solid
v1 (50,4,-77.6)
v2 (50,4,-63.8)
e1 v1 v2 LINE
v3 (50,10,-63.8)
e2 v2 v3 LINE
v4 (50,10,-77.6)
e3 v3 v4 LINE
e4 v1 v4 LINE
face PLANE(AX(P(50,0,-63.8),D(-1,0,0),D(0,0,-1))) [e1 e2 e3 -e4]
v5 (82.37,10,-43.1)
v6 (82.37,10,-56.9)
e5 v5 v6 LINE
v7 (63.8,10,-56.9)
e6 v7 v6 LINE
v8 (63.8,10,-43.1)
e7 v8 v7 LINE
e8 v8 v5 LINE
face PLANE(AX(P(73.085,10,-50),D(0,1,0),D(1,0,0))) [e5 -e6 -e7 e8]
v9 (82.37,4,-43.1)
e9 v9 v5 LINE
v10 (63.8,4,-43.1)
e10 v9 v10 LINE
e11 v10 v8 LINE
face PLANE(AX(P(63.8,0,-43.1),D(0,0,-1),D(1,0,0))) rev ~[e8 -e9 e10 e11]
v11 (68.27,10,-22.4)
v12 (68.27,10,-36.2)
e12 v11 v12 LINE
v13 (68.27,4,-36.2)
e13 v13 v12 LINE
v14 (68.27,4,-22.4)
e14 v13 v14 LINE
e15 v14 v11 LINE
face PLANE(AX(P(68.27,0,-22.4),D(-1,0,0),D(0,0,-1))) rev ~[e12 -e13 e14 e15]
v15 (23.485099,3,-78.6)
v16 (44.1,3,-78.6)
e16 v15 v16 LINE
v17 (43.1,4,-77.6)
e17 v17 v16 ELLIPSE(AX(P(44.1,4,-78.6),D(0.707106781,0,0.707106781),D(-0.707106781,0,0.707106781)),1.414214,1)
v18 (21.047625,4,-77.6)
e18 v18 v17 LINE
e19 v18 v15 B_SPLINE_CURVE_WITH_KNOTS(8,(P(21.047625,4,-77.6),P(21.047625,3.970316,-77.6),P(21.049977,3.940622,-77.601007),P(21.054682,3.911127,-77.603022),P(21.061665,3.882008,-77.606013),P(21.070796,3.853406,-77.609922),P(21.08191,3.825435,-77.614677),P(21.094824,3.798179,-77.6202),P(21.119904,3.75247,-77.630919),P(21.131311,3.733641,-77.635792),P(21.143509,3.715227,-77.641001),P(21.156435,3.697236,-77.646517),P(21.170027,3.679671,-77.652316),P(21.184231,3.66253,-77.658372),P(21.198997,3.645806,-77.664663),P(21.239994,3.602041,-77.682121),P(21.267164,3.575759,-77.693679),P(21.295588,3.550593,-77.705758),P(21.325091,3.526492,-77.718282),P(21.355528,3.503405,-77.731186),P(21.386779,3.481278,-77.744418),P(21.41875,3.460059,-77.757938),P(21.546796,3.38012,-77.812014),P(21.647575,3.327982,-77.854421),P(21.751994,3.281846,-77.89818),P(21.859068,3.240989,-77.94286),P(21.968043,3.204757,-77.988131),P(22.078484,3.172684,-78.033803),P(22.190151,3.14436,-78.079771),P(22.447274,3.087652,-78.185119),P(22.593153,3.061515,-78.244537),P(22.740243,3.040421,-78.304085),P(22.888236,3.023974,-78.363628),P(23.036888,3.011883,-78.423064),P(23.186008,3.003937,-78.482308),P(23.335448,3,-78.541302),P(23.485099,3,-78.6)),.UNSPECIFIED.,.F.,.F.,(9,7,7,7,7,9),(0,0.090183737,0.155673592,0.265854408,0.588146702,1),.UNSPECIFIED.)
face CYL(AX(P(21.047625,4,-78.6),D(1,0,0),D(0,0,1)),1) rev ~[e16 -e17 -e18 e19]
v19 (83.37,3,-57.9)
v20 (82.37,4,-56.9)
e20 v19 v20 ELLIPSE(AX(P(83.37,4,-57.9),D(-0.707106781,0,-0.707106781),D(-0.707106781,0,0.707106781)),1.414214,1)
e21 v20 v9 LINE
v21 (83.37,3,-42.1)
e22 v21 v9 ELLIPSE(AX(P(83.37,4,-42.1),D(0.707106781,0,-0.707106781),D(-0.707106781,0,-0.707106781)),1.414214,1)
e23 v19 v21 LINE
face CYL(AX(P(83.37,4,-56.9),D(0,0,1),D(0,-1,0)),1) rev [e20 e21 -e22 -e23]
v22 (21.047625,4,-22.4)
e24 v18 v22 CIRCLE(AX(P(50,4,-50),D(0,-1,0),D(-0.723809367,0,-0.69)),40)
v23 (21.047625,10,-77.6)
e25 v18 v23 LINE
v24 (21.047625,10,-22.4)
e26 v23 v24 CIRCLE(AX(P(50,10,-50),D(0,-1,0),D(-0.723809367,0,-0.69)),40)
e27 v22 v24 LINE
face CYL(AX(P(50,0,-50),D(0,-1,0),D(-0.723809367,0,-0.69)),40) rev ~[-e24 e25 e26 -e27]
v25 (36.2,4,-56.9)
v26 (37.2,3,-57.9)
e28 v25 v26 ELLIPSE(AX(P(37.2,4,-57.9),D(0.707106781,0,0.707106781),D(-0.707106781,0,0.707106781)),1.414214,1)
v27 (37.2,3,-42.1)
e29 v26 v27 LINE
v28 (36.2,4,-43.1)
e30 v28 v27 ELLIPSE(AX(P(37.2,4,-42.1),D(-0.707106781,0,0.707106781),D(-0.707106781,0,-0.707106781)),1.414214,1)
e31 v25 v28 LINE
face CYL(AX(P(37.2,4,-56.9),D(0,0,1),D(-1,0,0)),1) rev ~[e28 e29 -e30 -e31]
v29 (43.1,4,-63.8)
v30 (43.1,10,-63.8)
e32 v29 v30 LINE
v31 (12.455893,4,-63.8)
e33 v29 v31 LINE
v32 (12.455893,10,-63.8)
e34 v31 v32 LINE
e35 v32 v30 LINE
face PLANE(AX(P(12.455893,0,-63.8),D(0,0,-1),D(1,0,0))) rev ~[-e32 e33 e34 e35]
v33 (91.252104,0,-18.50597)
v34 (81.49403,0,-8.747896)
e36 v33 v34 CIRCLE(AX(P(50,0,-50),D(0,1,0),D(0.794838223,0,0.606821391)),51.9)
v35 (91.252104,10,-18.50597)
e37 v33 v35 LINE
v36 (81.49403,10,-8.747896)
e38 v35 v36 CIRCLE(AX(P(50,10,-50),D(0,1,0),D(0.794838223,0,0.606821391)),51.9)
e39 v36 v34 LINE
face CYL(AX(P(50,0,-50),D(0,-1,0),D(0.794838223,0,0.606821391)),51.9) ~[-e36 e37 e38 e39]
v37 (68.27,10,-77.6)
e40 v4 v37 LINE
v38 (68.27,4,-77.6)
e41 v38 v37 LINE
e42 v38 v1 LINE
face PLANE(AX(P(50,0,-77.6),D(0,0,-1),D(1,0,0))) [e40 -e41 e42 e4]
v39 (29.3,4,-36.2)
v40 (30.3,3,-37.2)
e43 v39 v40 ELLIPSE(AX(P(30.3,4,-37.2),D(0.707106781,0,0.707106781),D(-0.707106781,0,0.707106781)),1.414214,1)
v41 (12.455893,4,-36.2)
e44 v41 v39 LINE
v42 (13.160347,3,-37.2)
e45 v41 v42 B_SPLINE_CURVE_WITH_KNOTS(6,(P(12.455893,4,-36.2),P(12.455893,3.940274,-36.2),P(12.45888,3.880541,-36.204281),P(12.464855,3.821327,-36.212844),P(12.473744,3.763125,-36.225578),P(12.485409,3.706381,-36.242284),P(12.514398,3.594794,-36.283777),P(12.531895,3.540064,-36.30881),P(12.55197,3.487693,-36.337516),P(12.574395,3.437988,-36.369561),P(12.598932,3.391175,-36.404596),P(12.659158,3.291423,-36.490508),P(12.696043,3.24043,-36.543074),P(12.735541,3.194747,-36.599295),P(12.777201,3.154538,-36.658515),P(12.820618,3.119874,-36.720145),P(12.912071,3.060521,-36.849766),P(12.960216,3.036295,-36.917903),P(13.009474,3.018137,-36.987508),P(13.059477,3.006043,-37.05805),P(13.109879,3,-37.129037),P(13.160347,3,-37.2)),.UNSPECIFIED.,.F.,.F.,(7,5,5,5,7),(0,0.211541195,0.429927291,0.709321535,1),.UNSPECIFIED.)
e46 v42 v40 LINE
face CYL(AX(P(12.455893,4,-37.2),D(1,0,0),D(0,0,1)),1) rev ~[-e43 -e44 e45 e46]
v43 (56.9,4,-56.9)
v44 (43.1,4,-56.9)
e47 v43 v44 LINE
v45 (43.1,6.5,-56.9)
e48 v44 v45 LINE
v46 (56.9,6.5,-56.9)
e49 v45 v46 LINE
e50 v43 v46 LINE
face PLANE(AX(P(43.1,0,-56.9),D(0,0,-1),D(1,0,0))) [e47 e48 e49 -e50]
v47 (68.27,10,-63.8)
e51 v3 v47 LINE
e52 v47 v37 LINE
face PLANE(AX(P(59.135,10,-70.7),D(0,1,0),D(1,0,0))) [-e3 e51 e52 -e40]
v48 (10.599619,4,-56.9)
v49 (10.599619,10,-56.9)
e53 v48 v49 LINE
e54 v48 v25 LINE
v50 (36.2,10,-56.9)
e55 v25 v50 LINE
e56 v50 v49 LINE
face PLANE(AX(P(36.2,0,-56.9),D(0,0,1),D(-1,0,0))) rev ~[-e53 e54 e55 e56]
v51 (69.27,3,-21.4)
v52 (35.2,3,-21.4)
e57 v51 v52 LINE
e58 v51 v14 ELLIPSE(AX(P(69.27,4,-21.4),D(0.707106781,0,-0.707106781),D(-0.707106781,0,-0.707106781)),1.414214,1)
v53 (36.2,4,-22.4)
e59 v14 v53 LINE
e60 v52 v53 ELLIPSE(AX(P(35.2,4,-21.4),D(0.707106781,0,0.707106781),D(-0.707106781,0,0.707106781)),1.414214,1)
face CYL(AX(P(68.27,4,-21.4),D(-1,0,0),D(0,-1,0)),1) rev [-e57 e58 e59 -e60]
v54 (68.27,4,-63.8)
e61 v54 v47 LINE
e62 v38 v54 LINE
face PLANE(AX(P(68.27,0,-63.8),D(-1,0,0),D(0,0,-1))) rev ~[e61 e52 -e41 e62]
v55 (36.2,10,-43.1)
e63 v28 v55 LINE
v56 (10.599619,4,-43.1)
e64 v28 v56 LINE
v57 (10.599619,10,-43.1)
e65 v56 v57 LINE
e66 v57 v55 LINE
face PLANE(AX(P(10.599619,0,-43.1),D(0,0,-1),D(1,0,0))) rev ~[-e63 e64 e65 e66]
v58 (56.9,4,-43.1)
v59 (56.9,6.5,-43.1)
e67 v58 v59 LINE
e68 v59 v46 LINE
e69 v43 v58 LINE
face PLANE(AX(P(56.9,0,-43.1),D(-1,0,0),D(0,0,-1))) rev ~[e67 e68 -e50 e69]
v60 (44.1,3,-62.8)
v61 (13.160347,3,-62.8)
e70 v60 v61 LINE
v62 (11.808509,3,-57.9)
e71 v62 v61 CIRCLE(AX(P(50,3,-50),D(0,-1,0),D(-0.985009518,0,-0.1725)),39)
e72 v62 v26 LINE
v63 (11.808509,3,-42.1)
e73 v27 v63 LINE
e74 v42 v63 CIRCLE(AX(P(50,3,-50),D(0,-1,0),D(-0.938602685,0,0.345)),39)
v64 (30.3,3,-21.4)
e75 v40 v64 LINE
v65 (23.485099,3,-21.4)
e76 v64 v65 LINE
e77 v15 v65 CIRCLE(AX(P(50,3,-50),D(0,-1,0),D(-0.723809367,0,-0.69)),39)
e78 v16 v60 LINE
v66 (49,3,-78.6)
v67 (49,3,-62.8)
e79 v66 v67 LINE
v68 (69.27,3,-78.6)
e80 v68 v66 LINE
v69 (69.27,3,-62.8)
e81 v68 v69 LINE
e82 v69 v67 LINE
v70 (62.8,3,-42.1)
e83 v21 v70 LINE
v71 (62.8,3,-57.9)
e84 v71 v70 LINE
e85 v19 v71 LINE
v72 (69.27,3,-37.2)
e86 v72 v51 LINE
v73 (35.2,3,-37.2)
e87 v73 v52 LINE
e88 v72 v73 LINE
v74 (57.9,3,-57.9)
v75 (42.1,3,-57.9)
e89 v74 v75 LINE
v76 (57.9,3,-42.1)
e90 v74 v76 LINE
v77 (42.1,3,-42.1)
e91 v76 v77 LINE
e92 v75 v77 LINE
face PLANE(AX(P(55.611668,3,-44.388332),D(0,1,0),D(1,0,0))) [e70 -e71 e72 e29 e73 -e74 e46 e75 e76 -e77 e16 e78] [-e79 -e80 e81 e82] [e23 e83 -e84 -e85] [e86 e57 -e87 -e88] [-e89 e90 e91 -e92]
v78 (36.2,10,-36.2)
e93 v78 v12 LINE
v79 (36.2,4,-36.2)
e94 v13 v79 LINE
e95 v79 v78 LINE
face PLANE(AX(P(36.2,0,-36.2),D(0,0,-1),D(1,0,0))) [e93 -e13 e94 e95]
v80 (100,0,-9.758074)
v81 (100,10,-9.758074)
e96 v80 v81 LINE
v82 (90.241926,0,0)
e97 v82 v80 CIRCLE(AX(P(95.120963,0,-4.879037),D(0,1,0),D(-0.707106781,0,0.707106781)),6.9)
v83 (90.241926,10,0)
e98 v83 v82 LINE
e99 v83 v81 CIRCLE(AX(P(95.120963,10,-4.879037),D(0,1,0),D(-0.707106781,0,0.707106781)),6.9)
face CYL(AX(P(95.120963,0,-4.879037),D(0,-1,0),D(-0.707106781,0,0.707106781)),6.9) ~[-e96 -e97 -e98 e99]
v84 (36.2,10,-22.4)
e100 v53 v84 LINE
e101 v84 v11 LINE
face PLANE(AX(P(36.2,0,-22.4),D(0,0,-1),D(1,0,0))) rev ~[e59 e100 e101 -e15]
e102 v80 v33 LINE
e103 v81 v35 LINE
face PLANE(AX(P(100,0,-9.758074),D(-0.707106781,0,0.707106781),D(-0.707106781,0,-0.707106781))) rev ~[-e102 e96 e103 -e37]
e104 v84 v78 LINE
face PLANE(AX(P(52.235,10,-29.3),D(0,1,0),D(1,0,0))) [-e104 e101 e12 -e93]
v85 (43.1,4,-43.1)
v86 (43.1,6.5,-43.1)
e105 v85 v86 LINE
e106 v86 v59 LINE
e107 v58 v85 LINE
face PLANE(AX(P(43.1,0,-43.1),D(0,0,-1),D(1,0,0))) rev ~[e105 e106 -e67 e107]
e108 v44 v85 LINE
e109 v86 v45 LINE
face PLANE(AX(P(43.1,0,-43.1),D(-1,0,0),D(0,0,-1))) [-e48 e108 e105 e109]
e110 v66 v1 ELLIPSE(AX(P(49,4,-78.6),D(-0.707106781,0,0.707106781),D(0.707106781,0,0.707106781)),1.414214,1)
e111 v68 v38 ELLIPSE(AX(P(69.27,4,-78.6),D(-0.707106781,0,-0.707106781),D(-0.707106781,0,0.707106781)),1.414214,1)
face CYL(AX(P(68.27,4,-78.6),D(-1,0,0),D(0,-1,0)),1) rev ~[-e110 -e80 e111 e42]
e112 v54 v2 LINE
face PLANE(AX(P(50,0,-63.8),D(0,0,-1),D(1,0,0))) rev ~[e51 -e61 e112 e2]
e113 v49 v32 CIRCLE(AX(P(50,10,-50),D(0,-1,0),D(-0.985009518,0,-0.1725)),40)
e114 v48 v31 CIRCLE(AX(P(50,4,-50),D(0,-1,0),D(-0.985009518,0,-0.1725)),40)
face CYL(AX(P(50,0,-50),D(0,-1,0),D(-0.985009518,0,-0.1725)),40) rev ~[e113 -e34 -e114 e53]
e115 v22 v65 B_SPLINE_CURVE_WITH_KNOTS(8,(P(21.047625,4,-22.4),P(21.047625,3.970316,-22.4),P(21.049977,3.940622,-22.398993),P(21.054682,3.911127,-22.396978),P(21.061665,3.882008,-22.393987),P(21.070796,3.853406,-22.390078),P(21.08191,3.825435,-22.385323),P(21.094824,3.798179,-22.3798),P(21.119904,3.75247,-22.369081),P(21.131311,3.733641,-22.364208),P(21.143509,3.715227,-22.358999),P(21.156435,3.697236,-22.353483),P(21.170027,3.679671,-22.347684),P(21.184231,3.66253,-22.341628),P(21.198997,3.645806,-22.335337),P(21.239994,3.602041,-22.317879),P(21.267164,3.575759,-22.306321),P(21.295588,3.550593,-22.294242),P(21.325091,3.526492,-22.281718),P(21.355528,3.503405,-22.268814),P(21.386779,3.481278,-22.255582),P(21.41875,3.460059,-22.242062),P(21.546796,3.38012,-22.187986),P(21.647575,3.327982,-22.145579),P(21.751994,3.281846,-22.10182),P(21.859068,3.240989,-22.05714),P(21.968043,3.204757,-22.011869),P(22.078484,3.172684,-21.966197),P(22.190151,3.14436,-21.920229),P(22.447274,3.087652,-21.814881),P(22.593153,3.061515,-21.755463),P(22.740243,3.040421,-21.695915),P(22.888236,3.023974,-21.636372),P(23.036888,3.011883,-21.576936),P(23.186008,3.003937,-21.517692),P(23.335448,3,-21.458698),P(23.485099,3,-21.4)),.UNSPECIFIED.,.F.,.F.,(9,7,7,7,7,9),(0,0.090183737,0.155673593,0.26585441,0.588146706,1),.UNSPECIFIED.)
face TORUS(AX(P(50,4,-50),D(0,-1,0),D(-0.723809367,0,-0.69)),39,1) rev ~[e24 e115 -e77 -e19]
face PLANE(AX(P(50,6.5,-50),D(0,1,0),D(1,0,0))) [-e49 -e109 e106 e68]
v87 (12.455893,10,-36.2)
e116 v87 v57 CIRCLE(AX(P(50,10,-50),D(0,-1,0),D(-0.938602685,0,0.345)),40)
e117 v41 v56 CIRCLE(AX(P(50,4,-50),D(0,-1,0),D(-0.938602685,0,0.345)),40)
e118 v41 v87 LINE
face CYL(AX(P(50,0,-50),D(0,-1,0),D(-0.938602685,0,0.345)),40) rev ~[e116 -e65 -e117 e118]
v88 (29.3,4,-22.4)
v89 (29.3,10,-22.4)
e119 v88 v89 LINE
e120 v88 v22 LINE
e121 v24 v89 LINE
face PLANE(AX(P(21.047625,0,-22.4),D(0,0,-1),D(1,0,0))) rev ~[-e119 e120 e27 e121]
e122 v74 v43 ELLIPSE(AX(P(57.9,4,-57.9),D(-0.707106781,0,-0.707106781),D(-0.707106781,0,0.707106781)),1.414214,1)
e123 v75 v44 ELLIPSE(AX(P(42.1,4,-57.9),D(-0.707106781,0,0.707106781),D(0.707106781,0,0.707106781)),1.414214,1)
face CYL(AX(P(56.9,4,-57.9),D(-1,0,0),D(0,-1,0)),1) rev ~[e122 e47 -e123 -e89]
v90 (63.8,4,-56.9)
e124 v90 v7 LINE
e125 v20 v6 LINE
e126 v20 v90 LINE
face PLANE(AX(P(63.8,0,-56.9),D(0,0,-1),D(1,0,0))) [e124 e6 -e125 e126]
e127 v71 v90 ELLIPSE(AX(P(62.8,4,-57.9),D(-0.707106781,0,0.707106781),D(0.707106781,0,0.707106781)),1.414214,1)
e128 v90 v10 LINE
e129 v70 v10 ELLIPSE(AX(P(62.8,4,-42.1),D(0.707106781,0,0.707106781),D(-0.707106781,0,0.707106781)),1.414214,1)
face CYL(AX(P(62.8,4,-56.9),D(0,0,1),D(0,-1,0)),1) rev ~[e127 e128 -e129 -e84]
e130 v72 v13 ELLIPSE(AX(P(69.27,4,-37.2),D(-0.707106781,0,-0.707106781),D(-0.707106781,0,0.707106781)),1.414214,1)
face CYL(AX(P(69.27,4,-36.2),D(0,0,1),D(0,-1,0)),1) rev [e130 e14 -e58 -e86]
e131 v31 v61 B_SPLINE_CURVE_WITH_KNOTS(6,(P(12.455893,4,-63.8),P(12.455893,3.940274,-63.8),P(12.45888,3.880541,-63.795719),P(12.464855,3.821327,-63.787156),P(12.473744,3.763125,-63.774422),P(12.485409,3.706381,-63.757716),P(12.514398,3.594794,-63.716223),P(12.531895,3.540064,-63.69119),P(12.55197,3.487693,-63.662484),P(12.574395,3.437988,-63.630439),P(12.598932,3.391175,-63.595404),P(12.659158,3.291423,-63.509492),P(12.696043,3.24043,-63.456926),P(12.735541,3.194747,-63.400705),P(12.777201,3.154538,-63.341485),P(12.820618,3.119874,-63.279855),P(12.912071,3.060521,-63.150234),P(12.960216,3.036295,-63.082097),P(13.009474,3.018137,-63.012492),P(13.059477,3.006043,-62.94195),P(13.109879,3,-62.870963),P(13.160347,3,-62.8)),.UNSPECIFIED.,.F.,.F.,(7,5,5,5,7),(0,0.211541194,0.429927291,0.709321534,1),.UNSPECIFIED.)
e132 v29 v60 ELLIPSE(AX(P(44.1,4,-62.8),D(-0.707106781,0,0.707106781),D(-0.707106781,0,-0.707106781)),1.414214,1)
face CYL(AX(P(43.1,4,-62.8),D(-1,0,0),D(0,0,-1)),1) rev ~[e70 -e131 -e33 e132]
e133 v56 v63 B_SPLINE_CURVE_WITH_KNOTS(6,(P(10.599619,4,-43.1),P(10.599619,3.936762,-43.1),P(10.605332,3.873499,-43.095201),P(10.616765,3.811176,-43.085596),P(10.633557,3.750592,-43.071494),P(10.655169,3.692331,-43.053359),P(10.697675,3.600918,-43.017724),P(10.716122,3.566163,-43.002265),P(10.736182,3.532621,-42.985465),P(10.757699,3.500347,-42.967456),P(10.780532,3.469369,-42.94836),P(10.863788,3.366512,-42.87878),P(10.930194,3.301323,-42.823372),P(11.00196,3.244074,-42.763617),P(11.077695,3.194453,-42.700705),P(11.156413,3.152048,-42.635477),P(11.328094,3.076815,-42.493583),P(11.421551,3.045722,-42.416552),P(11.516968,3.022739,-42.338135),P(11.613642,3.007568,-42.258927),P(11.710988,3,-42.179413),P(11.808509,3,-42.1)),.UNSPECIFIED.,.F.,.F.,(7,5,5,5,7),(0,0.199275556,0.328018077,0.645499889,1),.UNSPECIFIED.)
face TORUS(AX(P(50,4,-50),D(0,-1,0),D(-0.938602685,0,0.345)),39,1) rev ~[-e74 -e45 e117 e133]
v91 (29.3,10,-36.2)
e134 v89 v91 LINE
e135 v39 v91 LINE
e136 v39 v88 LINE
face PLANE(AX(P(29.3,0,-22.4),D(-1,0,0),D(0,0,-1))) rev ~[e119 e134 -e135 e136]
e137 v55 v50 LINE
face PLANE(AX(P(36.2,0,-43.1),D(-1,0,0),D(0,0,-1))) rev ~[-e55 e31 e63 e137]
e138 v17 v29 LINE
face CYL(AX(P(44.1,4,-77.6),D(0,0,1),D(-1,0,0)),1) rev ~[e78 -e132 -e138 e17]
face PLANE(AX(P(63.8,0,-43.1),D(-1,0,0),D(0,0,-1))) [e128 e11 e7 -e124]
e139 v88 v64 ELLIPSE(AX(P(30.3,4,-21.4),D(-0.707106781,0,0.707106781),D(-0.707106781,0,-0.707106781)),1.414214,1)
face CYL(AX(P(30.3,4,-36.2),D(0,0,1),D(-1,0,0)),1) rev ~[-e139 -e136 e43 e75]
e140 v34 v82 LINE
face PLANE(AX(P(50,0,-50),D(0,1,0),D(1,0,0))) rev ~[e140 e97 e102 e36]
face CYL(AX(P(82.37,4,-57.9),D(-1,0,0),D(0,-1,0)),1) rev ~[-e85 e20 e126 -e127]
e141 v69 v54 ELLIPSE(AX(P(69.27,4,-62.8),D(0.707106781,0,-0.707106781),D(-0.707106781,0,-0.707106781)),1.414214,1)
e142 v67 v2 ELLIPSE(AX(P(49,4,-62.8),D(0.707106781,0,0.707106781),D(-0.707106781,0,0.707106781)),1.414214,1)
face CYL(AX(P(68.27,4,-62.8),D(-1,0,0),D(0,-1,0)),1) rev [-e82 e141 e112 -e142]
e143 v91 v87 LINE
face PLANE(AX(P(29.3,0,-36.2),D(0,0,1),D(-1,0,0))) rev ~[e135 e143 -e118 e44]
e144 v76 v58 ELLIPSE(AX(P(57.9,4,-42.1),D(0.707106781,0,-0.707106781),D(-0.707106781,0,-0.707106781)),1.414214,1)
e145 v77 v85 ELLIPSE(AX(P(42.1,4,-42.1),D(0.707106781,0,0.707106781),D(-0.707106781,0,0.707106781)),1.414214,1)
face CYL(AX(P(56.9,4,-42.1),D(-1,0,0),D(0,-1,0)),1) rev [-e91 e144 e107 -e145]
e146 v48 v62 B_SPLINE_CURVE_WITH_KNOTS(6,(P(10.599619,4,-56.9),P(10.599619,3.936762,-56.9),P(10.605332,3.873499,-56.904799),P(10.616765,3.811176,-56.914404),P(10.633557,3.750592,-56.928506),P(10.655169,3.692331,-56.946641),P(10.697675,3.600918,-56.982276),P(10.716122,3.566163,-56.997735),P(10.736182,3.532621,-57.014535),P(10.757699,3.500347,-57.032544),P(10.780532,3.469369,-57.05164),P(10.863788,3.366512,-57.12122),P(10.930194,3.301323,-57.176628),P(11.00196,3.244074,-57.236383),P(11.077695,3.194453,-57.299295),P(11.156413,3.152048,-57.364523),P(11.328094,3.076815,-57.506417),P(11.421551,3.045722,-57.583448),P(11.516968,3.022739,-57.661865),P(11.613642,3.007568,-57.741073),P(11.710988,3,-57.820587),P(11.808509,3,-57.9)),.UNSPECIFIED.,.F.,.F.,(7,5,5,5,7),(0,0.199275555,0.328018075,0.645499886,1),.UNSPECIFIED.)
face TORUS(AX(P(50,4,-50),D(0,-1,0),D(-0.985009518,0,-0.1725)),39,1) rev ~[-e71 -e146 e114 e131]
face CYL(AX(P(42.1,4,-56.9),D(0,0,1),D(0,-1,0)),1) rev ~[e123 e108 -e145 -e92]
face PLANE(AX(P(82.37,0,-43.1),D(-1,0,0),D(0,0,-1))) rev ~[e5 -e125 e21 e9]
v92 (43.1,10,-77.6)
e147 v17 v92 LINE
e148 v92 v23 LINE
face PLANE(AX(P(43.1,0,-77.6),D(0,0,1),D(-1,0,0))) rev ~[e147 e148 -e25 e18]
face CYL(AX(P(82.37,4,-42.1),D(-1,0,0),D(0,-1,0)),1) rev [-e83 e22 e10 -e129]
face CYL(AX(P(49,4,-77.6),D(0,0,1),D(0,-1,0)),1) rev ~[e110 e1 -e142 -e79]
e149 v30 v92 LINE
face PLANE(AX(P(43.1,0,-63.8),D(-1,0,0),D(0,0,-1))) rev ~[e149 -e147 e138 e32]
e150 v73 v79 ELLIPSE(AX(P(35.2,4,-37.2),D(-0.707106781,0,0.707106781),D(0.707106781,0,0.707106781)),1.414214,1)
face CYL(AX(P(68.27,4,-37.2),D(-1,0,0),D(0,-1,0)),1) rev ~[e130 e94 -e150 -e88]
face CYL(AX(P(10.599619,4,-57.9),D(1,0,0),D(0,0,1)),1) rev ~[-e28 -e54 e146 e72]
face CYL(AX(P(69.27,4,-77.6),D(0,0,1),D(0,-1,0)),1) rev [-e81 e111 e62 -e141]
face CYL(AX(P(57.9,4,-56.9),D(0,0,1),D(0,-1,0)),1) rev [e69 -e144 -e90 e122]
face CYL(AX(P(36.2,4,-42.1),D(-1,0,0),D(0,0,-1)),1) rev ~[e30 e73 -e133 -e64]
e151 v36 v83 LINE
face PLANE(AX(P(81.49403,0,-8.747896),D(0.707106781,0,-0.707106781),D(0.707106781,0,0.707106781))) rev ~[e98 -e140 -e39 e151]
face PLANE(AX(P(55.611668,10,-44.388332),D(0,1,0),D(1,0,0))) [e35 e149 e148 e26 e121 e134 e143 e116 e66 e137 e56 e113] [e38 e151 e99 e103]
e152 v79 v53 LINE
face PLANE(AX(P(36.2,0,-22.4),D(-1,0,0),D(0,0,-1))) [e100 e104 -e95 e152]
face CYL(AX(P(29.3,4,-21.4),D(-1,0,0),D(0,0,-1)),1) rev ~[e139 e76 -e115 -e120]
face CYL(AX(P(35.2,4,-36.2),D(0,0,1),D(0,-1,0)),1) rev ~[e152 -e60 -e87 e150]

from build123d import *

# Parameters (mm, degrees)
BOSS_EXTRUDE12_DEPTH = 3
SKETCH1_16_W         = 18.27
SKETCH1_16_H         = 13.8
SKETCH1_16_W_2       = 18.57
SKETCH1_16_W_3       = 32.07
BOSS_EXTRUDE13_DEPTH = 10
SKETCH1_17_W         = 13.8
SKETCH1_17_H         = 13.8
BOSS_EXTRUDE14_DEPTH = 6.5
FILLET1_R            = 1


with BuildPart() as part:
    # Sketch1 → Boss-Extrude12 (new body)
    with BuildSketch(Plane(origin=(0, 0, 0), x_dir=(1, 0, 0), z_dir=(0, 1, 0))):
        with BuildLine():
            Line((81.494030169, 8.747896251), (90.24192642, 0))
            ThreePointArc((90.24192642, 0), (100, 0), (100, 9.75807358))
            Line((100, 9.75807358), (91.252103749, 18.505969831))
            ThreePointArc((91.252103749, 18.505969831), (13.301158056, 86.698841944), (81.494030169, 8.747896251))
        make_face()
    extrude(amount=BOSS_EXTRUDE12_DEPTH)

    # Sketch1<16> → Boss-Extrude13 (add)
    # profile 1 of 4: a face of its own
    with BuildSketch(Plane(origin=(0, 0, 0), x_dir=(1, 0, 0), z_dir=(0, 1, 0))):
        with BuildLine():
            Line((81.494030169, 8.747896251), (90.24192642, 0))
            ThreePointArc((90.24192642, 0), (100, 0), (100, 9.75807358))
            Line((100, 9.75807358), (91.252103749, 18.505969831))
            ThreePointArc((91.252103749, 18.505969831), (13.301158056, 86.698841944), (81.494030169, 8.747896251))
        make_face()
        with BuildLine():
            Line((21.047625313, 22.4), (29.3, 22.4))
            Line((29.3, 22.4), (29.3, 36.2))
            Line((29.3, 36.2), (12.455892606, 36.2))
            ThreePointArc((12.455892606, 36.2), (11.37337625, 39.608467983), (10.599619291, 43.1))
            Line((10.599619291, 43.1), (36.2, 43.1))
            Line((36.2, 43.1), (36.2, 56.9))
            Line((36.2, 56.9), (10.599619291, 56.9))
            ThreePointArc((10.599619291, 56.9), (11.37337625, 60.391532017), (12.455892606, 63.8))
            Line((12.455892606, 63.8), (43.1, 63.8))
            Line((43.1, 63.8), (43.1, 77.6))
            Line((43.1, 77.6), (21.047625313, 77.6))
            ThreePointArc((21.047625313, 77.6), (90, 50), (21.047625313, 22.4))
        make_face(mode=Mode.SUBTRACT)
    # profile 2 of 4: a face of its own
    with BuildSketch(Plane(origin=(0, 0, 0), x_dir=(1, 0, 0), z_dir=(0, 1, 0))):
        with Locations((59.135, 70.7)):
            Rectangle(SKETCH1_16_W, SKETCH1_16_H)
    # profile 3 of 4: a face of its own
    with BuildSketch(Plane(origin=(0, 0, 0), x_dir=(1, 0, 0), z_dir=(0, 1, 0))):
        with Locations((73.085, 50)):
            Rectangle(SKETCH1_16_W_2, SKETCH1_16_H)
    # profile 4 of 4: a face of its own
    with BuildSketch(Plane(origin=(0, 0, 0), x_dir=(1, 0, 0), z_dir=(0, 1, 0))):
        with Locations((52.235, 29.3)):
            Rectangle(SKETCH1_16_W_3, SKETCH1_16_H)
    extrude(amount=BOSS_EXTRUDE13_DEPTH)

    # Sketch1<17> → Boss-Extrude14 (add)
    with BuildSketch(Plane(origin=(0, 0, 0), x_dir=(1, 0, 0), z_dir=(0, 1, 0))):
        with Locations((50, 50)):
            Rectangle(SKETCH1_17_W, SKETCH1_17_H)
    extrude(amount=BOSS_EXTRUDE14_DEPTH)

    # Fillet1
    fillet1_edges = [part.edges().sort_by_distance(p)[0] for p in [
        (90, 3, -50),
        (36.2, 3, -29.3),
        (52.235, 3, -22.4),
        (50, 3, -70.7),
        (59.135, 3, -63.8),
        (43.1, 3, -50),
        (50, 3, -43.1),
        (63.8, 3, -50),
        (73.085, 3, -43.1),
        (50, 3, -56.9),
        (73.085, 3, -56.9),
        (56.9, 3, -50),
        (52.235, 3, -36.2),
        (68.27, 3, -29.3),
        (82.37, 3, -50),
        (68.27, 3, -70.7),
        (59.135, 3, -77.6),
        (32.073812657, 3, -77.6),
        (43.1, 3, -70.7),
        (27.777946303, 3, -63.8),
        (11.37337625, 3, -60.391532017),
        (23.399809646, 3, -56.9),
        (36.2, 3, -50),
        (23.399809646, 3, -43.1),
        (11.37337625, 3, -39.608467983),
        (20.877946303, 3, -36.2),
        (29.3, 3, -29.3),
        (25.173812657, 3, -22.4),
    ]]
    fillet(fillet1_edges, radius=FILLET1_R)


solid = part.part
